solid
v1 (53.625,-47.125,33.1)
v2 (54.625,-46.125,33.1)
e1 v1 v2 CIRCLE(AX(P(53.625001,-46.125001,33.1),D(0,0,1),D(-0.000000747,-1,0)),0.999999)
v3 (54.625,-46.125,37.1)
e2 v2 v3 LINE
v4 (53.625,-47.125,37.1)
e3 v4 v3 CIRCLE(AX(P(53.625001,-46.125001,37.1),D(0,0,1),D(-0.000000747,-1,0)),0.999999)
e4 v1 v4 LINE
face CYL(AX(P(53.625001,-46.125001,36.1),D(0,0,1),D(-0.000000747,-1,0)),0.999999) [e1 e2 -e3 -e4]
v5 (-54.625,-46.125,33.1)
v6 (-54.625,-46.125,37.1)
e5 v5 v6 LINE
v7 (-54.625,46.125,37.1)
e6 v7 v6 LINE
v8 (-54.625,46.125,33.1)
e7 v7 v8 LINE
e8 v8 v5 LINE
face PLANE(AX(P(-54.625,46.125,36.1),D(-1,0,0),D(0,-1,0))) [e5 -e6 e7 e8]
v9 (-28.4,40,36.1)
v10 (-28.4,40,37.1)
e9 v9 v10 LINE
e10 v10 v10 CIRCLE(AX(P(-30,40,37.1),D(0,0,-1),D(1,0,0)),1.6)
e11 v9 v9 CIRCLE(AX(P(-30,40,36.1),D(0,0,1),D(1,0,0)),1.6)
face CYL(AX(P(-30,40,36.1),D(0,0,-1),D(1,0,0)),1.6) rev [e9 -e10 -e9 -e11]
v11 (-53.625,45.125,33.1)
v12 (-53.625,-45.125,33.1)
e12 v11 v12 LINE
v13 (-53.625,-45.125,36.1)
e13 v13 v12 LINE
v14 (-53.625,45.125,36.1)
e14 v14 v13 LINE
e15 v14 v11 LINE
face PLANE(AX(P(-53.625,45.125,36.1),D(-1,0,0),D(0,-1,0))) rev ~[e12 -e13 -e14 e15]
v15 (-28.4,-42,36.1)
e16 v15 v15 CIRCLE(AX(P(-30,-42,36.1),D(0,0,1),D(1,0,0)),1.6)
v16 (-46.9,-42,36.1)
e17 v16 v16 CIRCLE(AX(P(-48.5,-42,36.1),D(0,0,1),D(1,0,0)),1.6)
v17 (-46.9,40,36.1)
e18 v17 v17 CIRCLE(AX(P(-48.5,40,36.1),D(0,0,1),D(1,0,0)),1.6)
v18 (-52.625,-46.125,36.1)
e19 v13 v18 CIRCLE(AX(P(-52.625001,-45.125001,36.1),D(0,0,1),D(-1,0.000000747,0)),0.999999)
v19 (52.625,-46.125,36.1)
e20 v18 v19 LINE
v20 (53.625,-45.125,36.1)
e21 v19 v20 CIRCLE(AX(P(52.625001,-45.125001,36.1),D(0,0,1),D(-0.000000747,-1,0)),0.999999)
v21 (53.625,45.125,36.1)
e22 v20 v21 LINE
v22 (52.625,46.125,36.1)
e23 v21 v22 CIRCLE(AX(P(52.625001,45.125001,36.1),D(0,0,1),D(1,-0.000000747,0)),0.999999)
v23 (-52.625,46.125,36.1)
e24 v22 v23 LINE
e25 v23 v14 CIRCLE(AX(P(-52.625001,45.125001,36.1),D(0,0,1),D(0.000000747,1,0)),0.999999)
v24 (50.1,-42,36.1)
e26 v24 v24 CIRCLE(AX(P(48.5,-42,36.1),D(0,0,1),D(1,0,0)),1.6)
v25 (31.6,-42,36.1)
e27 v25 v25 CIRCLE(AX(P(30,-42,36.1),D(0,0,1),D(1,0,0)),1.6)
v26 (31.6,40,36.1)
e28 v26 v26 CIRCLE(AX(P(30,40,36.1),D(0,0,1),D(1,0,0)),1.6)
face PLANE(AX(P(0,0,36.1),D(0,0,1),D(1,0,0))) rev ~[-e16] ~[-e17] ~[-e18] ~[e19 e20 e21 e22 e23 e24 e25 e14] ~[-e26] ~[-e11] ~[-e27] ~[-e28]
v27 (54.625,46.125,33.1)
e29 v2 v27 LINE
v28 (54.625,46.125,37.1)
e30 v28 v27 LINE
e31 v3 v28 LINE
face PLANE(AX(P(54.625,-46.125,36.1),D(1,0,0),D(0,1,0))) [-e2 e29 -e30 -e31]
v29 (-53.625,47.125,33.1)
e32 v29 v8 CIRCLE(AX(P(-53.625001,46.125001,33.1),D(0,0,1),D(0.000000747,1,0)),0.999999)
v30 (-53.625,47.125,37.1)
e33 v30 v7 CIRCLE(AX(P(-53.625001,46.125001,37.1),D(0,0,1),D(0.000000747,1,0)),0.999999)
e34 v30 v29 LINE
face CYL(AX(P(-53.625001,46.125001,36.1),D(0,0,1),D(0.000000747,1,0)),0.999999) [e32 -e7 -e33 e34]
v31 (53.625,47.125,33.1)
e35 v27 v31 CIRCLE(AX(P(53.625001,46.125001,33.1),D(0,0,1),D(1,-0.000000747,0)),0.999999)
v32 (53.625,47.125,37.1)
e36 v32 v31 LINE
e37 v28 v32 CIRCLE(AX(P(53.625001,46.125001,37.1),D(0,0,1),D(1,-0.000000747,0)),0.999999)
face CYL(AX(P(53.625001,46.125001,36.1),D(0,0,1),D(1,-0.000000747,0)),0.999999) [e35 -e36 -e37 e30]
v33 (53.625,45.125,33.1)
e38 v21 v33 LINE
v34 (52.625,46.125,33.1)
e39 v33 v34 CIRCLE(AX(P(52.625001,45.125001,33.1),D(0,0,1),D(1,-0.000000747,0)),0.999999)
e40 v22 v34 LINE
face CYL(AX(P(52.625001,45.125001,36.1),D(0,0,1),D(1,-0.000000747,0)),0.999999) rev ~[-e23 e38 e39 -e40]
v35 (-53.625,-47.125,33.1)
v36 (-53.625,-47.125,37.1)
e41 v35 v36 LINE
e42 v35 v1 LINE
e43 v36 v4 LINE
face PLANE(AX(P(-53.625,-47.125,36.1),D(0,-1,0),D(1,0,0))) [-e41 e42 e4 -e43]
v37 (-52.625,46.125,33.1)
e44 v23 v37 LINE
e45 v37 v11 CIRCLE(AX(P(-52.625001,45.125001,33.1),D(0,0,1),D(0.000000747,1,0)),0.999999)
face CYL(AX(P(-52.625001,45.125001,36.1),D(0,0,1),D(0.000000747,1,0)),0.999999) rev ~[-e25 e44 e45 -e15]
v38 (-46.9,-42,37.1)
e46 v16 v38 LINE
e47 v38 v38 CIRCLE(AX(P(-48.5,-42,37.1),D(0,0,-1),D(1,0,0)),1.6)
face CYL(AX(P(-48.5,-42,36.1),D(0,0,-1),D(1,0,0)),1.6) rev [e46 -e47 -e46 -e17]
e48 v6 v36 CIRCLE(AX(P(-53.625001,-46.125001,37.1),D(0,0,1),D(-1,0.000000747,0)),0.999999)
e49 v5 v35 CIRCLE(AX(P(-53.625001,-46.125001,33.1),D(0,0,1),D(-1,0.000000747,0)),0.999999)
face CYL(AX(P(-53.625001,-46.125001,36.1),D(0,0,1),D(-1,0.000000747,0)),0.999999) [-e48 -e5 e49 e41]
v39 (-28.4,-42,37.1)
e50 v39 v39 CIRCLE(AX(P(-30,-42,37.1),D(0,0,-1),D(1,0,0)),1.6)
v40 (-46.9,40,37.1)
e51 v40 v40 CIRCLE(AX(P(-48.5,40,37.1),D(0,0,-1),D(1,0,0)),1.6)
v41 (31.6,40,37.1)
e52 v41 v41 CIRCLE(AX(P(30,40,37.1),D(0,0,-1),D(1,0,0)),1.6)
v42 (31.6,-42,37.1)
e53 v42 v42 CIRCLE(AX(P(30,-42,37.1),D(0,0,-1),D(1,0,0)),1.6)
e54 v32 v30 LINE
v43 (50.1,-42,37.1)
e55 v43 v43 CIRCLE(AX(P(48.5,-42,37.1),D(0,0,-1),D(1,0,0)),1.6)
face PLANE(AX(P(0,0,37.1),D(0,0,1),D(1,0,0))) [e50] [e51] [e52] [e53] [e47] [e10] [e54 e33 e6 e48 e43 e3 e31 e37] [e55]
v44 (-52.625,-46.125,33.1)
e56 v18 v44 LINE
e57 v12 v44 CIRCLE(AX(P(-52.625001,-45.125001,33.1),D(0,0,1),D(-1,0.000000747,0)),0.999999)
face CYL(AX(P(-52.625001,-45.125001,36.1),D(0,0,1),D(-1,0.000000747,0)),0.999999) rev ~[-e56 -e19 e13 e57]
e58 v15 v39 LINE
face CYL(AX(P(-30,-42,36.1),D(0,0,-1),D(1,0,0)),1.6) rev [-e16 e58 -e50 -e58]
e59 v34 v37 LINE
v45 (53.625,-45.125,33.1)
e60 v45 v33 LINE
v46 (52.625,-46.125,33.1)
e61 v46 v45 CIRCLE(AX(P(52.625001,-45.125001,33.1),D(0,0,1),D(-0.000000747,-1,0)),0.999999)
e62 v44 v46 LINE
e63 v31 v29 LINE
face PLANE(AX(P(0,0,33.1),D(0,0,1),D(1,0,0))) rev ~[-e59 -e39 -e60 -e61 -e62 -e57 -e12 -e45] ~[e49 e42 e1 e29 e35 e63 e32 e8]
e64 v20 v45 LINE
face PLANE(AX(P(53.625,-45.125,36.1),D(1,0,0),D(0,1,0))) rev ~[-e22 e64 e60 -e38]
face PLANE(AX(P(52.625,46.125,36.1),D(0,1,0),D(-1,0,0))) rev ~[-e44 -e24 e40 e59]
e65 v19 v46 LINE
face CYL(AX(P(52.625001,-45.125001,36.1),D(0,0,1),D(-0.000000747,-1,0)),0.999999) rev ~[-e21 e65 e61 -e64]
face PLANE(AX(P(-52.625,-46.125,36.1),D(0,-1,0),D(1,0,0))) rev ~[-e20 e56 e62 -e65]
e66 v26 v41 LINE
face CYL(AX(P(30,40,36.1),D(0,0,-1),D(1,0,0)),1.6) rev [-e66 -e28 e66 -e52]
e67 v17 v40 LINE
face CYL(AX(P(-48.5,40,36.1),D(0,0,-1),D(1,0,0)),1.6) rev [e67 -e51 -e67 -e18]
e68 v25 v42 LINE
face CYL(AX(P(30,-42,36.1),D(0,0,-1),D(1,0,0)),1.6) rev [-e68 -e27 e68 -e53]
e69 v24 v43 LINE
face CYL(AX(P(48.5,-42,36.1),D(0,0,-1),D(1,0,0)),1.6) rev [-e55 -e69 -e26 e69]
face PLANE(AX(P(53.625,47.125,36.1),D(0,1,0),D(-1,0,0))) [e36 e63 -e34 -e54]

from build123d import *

# Parameters (mm, degrees)
PAD015_DEPTH    = 1
PAD016_DEPTH    = 3
SKETCH029_R     = 1.6
POCKET012_DEPTH = 5


with BuildPart() as part:
    # Sketch027 → Pad015 (new body)
    with BuildSketch(Plane.XY):
        with BuildLine():
            Line((-54.625, 46.125), (-54.625, -46.125))
            ThreePointArc((-54.625, -46.125), (-54.332107, -46.832107), (-53.625, -47.125))
            Line((-53.625, -47.125), (53.625, -47.125))
            ThreePointArc((53.625, -47.125), (54.332107, -46.832107), (54.625, -46.125))
            Line((54.625, -46.125), (54.625, 46.125))
            ThreePointArc((54.625, 46.125), (54.332107, 46.832107), (53.625, 47.125))
            Line((53.625, 47.125), (-53.625, 47.125))
            ThreePointArc((-53.625, 47.125), (-54.332107, 46.832107), (-54.625, 46.125))
        make_face()
    extrude(amount=PAD015_DEPTH)

    # Sketch028 → Pad016 (join)
    with BuildSketch(Plane.XY):
        with BuildLine():
            Line((-54.625, 46.125), (-54.625, -46.125))
            ThreePointArc((-54.625, -46.125), (-54.332107, -46.832107), (-53.625, -47.125))
            Line((-53.625, -47.125), (53.625, -47.125))
            ThreePointArc((53.625, -47.125), (54.332107, -46.832107), (54.625, -46.125))
            Line((54.625, -46.125), (54.625, 46.125))
            ThreePointArc((54.625, 46.125), (54.332107, 46.832107), (53.625, 47.125))
            Line((53.625, 47.125), (-53.625, 47.125))
            ThreePointArc((-53.625, 47.125), (-54.332107, 46.832107), (-54.625, 46.125))
        make_face()
        with BuildLine():
            Line((-53.625, 45.125), (-53.625, -45.125))
            ThreePointArc((-53.625, -45.125), (-53.332107, -45.832107), (-52.625, -46.125))
            Line((-52.625, -46.125), (52.625, -46.125))
            ThreePointArc((52.625, -46.125), (53.332107, -45.832107), (53.625, -45.125))
            Line((53.625, -45.125), (53.625, 45.125))
            ThreePointArc((53.625, 45.125), (53.332107, 45.832107), (52.625, 46.125))
            Line((52.625, 46.125), (-52.625, 46.125))
            ThreePointArc((-52.625, 46.125), (-53.332107, 45.832107), (-53.625, 45.125))
        make_face(mode=Mode.SUBTRACT)
    extrude(amount=-PAD016_DEPTH)

    # Sketch029 → Pocket012 (cut)
    with BuildSketch(Plane.XY):
        with Locations((-48.5, 40)):
            Circle(SKETCH029_R)
        with Locations((-30, 40)):
            Circle(SKETCH029_R)
        with Locations((30, 40)):
            Circle(SKETCH029_R)
        with Locations((-30, -42)):
            Circle(SKETCH029_R)
        with Locations((-48.5, -42)):
            Circle(SKETCH029_R)
        with Locations((30, -42)):
            Circle(SKETCH029_R)
        with Locations((48.5, -42)):
            Circle(SKETCH029_R)
    extrude(amount=POCKET012_DEPTH, mode=Mode.SUBTRACT)


with BuildPart() as part_1:
    # Body007 placement: moved
    add(part.part.moved(Location((0, 0, 36.1))))


solid = part_1.part
